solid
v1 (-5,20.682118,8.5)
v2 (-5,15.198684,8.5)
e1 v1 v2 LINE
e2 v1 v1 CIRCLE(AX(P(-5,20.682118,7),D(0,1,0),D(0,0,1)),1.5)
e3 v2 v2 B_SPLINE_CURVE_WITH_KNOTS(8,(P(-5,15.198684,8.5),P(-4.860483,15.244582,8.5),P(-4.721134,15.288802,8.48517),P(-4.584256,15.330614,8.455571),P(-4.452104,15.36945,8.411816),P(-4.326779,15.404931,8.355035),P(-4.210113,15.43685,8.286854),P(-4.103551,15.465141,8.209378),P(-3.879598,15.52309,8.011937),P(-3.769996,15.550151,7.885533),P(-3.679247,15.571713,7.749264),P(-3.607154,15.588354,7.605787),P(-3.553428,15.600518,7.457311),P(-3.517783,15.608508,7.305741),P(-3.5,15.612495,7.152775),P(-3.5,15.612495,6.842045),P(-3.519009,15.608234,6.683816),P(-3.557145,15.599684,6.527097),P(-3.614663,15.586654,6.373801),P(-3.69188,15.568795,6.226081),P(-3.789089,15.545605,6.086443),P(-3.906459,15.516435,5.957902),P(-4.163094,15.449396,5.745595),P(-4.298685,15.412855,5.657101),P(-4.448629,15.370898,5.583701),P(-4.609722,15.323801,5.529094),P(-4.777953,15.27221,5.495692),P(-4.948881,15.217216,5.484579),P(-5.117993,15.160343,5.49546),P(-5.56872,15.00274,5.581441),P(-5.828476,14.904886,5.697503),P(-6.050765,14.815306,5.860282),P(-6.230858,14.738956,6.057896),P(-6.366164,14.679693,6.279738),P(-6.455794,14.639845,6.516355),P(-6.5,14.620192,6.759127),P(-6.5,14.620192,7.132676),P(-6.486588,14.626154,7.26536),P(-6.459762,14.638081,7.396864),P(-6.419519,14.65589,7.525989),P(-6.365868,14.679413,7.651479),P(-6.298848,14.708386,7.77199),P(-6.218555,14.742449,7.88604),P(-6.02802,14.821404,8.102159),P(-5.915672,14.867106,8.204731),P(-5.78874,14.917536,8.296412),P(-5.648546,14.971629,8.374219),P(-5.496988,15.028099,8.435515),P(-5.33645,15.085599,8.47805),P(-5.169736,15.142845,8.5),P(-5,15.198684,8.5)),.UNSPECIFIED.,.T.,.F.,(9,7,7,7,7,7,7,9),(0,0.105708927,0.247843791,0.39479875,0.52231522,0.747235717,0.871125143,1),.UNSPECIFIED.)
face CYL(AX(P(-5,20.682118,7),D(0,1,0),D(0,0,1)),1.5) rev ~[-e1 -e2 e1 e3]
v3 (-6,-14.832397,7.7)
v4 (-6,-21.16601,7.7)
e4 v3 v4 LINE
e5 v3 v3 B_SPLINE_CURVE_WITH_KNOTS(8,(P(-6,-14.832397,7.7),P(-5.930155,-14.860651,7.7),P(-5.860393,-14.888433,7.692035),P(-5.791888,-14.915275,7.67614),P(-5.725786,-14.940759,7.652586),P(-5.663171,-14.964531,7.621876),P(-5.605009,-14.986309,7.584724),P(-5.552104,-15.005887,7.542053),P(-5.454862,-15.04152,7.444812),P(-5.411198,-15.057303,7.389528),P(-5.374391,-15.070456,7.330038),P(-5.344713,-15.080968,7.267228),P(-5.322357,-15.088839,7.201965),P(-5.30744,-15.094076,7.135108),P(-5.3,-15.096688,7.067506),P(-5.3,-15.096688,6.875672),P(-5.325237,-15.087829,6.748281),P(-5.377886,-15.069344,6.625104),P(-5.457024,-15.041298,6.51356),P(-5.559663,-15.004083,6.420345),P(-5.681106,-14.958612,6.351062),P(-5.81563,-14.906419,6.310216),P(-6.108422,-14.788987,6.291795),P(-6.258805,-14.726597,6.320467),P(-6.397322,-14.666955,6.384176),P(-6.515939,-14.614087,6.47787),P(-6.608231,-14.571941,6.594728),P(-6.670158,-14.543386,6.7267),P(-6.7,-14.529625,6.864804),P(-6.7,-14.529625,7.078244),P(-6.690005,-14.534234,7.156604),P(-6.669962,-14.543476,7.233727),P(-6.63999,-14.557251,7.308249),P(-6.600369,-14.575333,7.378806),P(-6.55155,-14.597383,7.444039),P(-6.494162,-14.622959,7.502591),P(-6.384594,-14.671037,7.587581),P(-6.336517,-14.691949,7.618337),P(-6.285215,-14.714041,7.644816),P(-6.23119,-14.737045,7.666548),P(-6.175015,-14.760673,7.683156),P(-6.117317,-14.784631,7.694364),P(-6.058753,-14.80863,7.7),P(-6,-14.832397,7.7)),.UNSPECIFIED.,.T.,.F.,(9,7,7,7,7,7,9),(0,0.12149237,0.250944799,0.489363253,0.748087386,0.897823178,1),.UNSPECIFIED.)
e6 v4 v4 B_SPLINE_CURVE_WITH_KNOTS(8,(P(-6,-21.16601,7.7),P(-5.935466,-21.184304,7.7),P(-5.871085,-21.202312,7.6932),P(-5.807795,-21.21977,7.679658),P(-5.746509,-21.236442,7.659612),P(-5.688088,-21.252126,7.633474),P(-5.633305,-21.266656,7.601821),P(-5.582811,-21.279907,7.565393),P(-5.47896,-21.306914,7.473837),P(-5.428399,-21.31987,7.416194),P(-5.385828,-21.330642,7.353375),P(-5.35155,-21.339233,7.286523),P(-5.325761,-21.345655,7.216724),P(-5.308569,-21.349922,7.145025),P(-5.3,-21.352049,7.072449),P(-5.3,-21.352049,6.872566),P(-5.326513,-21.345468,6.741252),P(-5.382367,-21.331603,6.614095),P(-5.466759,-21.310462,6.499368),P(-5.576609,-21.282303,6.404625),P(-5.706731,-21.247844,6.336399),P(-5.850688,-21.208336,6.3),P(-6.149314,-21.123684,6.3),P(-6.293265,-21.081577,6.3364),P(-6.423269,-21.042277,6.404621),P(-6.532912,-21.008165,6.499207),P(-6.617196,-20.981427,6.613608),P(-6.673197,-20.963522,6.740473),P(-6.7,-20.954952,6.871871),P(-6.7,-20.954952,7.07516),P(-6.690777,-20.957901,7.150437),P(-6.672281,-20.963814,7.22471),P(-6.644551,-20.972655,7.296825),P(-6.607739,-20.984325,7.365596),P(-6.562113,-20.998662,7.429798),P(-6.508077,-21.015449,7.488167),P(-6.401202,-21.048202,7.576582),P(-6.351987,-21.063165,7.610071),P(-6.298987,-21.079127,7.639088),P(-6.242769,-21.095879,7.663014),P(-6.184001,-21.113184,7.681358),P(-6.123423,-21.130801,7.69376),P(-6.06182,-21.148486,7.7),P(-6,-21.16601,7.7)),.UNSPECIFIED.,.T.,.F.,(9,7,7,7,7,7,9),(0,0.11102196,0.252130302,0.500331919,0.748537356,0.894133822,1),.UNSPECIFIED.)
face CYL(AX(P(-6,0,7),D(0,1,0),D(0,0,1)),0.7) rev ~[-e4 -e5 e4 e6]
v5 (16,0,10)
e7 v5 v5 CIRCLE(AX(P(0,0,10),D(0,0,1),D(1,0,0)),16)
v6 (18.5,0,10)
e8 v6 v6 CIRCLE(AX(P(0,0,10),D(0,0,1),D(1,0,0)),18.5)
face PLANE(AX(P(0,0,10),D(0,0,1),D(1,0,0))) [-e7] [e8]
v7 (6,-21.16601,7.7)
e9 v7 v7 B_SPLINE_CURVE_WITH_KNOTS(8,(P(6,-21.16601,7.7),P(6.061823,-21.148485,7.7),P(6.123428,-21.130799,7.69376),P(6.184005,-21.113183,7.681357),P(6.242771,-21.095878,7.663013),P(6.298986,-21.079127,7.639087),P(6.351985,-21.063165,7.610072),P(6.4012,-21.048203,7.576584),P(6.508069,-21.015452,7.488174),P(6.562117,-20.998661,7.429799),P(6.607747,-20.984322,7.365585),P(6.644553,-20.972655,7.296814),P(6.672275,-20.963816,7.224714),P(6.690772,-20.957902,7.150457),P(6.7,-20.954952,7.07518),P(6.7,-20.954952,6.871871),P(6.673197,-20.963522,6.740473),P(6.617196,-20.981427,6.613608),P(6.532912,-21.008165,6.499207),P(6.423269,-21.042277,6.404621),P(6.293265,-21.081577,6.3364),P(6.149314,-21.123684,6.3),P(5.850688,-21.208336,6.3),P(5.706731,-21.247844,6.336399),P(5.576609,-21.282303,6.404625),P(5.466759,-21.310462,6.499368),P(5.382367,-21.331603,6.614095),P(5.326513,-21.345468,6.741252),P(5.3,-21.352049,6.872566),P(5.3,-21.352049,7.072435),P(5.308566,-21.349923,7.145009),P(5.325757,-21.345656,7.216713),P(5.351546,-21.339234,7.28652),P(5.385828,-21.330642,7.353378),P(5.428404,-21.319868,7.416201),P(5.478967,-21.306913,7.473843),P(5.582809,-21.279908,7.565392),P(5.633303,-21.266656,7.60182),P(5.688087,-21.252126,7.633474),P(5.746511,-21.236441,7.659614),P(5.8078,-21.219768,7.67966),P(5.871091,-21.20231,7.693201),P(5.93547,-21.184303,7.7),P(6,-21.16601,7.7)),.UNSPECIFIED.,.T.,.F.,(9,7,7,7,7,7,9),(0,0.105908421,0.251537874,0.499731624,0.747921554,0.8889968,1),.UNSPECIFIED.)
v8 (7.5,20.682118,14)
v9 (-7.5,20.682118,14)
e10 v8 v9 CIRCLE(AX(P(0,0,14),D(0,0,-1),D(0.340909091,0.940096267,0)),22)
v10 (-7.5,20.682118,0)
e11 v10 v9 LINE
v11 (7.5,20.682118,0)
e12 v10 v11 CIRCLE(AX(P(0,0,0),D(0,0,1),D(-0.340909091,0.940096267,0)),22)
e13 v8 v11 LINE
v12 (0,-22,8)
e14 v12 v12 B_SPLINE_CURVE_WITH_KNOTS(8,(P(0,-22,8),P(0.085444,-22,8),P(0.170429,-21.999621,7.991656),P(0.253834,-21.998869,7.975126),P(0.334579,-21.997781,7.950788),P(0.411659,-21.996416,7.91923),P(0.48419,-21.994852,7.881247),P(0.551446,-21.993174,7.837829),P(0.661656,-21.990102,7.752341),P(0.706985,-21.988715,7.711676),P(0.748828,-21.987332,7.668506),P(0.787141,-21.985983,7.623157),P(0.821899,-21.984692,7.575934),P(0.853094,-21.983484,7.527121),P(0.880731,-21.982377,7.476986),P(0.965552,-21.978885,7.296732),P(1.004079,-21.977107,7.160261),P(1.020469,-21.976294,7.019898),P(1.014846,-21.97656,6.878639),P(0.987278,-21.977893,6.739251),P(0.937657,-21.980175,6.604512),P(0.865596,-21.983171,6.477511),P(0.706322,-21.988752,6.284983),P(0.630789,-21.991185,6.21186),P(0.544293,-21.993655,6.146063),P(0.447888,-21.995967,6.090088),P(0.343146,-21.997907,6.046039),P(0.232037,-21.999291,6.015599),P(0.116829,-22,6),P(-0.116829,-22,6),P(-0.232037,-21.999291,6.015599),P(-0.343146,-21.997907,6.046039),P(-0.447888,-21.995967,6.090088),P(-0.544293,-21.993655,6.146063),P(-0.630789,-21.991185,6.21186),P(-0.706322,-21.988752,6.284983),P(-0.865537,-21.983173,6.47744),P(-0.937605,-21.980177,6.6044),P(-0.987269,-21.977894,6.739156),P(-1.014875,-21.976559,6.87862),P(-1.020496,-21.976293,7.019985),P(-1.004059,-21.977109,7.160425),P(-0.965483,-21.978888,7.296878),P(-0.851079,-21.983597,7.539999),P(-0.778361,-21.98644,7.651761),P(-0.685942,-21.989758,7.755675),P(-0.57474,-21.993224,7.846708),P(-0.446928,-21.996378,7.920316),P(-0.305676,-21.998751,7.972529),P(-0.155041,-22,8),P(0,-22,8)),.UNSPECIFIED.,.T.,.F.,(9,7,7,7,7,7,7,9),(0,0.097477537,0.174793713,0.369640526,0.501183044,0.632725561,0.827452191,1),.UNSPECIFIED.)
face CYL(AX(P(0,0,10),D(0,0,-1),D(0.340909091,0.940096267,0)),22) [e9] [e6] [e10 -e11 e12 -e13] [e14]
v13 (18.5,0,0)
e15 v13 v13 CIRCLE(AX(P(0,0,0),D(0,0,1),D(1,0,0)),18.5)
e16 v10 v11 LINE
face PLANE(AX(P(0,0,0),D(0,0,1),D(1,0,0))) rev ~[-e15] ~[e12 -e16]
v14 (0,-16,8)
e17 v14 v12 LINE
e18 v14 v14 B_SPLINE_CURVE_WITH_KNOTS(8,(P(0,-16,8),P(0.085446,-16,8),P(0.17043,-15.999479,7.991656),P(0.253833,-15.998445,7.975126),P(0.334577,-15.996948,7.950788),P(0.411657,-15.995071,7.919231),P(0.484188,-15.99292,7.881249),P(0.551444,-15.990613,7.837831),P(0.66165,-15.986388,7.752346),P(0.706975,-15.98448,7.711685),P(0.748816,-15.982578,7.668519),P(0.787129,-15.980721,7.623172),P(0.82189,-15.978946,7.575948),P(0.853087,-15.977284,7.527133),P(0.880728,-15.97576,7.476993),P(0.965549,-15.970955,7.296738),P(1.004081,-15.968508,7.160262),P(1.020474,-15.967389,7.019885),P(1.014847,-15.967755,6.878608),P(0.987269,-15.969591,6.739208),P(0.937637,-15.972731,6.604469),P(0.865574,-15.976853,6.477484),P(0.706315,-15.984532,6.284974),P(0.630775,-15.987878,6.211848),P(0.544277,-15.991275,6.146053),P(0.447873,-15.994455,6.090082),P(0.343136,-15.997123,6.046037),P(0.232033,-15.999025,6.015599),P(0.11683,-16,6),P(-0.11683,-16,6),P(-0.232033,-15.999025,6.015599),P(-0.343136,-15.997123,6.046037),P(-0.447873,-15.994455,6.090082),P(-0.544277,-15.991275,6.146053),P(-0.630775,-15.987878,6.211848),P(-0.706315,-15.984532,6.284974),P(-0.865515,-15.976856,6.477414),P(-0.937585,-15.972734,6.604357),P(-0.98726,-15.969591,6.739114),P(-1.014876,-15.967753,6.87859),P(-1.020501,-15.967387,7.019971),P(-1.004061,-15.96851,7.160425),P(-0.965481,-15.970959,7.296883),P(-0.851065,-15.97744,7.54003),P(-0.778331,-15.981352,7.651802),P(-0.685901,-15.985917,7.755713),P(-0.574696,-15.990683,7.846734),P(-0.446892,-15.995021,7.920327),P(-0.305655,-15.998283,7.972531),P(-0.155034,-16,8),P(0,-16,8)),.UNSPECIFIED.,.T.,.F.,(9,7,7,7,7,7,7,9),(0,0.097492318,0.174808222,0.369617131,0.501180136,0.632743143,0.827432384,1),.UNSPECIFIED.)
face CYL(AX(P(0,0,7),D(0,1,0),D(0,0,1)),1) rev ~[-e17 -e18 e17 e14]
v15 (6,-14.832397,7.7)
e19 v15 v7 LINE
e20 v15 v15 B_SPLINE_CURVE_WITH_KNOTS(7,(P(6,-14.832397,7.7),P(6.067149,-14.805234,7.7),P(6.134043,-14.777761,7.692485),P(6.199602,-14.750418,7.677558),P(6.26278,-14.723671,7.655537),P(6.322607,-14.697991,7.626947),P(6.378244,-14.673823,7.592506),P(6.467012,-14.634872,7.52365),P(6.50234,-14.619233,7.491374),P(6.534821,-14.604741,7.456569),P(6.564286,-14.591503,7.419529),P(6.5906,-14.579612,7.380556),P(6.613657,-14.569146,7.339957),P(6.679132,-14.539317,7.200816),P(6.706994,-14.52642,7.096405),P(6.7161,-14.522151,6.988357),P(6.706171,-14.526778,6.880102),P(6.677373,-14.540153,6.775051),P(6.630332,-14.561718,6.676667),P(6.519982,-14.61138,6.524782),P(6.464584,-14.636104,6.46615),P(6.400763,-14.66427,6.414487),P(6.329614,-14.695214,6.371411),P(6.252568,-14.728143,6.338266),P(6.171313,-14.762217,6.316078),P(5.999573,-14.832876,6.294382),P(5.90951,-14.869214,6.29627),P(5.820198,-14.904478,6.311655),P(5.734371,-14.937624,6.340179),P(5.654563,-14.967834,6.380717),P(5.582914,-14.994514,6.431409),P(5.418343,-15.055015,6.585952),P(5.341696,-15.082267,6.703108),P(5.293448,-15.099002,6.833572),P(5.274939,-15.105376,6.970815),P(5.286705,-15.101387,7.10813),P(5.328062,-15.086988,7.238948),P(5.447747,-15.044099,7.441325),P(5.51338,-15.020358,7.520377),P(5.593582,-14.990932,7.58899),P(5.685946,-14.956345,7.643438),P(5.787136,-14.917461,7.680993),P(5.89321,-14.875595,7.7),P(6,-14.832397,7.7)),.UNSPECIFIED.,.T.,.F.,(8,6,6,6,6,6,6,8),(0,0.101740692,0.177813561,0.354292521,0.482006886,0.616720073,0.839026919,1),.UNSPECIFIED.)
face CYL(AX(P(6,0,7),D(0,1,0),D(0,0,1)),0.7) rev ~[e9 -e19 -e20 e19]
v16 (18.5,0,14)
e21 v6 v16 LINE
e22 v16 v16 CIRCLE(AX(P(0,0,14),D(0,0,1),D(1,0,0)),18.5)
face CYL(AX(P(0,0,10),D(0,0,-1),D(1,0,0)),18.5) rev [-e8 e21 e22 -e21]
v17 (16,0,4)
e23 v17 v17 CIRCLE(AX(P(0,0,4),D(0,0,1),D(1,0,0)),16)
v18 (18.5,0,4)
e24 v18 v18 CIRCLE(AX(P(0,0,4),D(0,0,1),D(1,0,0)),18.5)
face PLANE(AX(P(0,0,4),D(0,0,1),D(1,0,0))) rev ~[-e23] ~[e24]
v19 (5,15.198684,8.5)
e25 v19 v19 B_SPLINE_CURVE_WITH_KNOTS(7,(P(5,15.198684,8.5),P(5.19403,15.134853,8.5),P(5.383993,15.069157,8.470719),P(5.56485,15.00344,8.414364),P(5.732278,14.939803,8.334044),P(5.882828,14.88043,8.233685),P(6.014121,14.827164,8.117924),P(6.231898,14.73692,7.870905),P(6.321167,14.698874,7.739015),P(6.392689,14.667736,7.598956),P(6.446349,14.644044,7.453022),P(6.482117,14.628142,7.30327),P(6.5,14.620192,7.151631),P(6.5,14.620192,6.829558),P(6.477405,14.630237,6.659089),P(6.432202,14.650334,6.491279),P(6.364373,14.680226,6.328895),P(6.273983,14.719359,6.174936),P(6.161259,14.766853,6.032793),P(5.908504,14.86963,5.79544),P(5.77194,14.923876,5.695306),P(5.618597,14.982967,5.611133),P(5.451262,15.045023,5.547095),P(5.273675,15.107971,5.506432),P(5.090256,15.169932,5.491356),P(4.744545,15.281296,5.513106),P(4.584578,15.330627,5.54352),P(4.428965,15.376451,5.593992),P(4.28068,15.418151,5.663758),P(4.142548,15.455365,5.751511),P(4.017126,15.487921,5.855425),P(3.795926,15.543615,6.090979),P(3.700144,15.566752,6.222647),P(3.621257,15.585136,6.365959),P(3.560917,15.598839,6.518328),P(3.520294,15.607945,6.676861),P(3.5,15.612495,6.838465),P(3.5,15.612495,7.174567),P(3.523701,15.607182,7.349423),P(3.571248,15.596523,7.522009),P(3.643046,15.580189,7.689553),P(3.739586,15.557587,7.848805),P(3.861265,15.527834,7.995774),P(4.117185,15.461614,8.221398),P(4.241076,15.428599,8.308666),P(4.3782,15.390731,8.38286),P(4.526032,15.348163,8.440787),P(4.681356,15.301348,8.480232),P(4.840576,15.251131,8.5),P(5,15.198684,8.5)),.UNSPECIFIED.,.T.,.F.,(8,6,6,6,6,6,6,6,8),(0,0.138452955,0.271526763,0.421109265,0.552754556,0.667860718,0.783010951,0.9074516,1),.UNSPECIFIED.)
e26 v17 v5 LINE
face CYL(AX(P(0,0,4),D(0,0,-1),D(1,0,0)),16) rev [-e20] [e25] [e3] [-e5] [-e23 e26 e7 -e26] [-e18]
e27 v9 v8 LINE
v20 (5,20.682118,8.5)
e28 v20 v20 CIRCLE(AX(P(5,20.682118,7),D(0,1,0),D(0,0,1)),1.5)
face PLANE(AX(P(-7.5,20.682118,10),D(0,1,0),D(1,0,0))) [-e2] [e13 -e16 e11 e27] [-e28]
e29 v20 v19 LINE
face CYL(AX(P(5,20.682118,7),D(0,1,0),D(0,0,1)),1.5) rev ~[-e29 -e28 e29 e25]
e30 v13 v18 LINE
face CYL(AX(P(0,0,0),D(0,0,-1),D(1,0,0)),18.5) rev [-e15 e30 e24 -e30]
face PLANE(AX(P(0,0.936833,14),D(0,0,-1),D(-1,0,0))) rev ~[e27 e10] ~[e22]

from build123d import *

# Parameters (mm, degrees)
SKETCH_1_R               = 22
SKETCH_1_R_2             = 18.5
EXTRUDE_1_DEPTH          = 10
EXTRUDE_START            = -6
SKETCH_2_R               = 18.5
SKETCH_2_R_2             = 16
EXTRUDE_2_DEPTH          = 6
CUT_EXTRUDE_3_DEPTH      = 33.680269277
CUT_EXTRUDE_4_REACH      = 51.049
CUT_EXTRUDE_4_END_RADIUS = 16
SKETCH_8_R               = 1.5
SKETCH_10_R              = 1
SKETCH_10_R_2            = 0.7
CUT_EXTRUDE_5_DEPTH      = 33.680269307
SKETCH_11_R              = 18.5
EXTRUDE_3_DEPTH          = 4


with BuildPart() as part:
    # 草图1 → 凸台-拉伸1 (new body)
    with BuildSketch(Plane.XY):
        Circle(SKETCH_1_R)
        Circle(SKETCH_1_R_2, mode=Mode.SUBTRACT)
    extrude(amount=EXTRUDE_1_DEPTH)

    # 草图2 → 凸台-拉伸2 (add)
    with BuildSketch(Plane.XY.offset(10).offset(EXTRUDE_START)):
        Circle(SKETCH_2_R)
        Circle(SKETCH_2_R_2, mode=Mode.SUBTRACT)
    extrude(amount=EXTRUDE_2_DEPTH)

    # 草图7 → 切除-拉伸3 (cut, through all)
    with BuildSketch(Plane.XY.offset(10)):
        with BuildLine():
            Line((-7.5, 20.68211788), (7.5, 20.68211788))
            ThreePointArc((7.5, 20.68211788), (0, 22), (-7.5, 20.68211788))
        make_face()
    extrude(amount=-CUT_EXTRUDE_3_DEPTH, mode=Mode.SUBTRACT)

    # 切除-拉伸4: up to this cylinder (the profile starts outside it)
    cut_extrude_4_end = Plane(origin=(0, 0, 7), z_dir=(0, 0, 1)) * Cylinder(CUT_EXTRUDE_4_END_RADIUS, 135.098, mode=Mode.PRIVATE)
    # 草图8 → 切除-拉伸4 (cut, up to the surface)
    with BuildSketch(Plane(origin=(0, 20.68211788, 0), x_dir=(1, 0, 0), z_dir=(0, 1, 0)), mode=Mode.PRIVATE) as cut_extrude_4_sk1:
        with Locations(Location((-5, -7, 0), (0, 0, 270))):
            Circle(SKETCH_8_R)
    cut_extrude_4_tool1 = extrude(cut_extrude_4_sk1.sketch, amount=-CUT_EXTRUDE_4_REACH, mode=Mode.PRIVATE) - cut_extrude_4_end
    add(cut_extrude_4_tool1.solids().sort_by_distance((-5, 20.682118, 7))[0], mode=Mode.SUBTRACT)
    # 草图8 → 切除-拉伸4 (cut, up to the surface)
    with BuildSketch(Plane(origin=(0, 20.68211788, 0), x_dir=(1, 0, 0), z_dir=(0, 1, 0)), mode=Mode.PRIVATE) as cut_extrude_4_sk2:
        with Locations(Location((5, -7, 0), (0, 0, 270))):
            Circle(SKETCH_8_R)
    cut_extrude_4_tool2 = extrude(cut_extrude_4_sk2.sketch, amount=-CUT_EXTRUDE_4_REACH, mode=Mode.PRIVATE) - cut_extrude_4_end
    add(cut_extrude_4_tool2.solids().sort_by_distance((5, 20.682118, 7))[0], mode=Mode.SUBTRACT)

    # 草图10 → 切除-拉伸5 (cut, through all)
    with BuildSketch(Plane(origin=(0, 0, 0), x_dir=(1, 0, 0), z_dir=(0, 1, 0))):
        with Locations(Location((0, -7, 0), (0, 0, 270))):
            Circle(SKETCH_10_R)
        with Locations(Location((-6, -7, 0), (0, 0, 270))):
            Circle(SKETCH_10_R_2)
        with Locations(Location((6, -7, 0), (0, 0, 270))):
            Circle(SKETCH_10_R_2)
    extrude(amount=-CUT_EXTRUDE_5_DEPTH, mode=Mode.SUBTRACT)

    # 草图11 → 凸台-拉伸3 (add)
    with BuildSketch(Plane.XY.offset(10)):
        with BuildLine():
            Line((-7.5, 20.68211788), (7.5, 20.68211788))
            ThreePointArc((7.5, 20.68211788), (0, -22), (-7.5, 20.68211788))
        make_face()
        Circle(SKETCH_11_R, mode=Mode.SUBTRACT)
    extrude(amount=EXTRUDE_3_DEPTH)


solid = part.part
